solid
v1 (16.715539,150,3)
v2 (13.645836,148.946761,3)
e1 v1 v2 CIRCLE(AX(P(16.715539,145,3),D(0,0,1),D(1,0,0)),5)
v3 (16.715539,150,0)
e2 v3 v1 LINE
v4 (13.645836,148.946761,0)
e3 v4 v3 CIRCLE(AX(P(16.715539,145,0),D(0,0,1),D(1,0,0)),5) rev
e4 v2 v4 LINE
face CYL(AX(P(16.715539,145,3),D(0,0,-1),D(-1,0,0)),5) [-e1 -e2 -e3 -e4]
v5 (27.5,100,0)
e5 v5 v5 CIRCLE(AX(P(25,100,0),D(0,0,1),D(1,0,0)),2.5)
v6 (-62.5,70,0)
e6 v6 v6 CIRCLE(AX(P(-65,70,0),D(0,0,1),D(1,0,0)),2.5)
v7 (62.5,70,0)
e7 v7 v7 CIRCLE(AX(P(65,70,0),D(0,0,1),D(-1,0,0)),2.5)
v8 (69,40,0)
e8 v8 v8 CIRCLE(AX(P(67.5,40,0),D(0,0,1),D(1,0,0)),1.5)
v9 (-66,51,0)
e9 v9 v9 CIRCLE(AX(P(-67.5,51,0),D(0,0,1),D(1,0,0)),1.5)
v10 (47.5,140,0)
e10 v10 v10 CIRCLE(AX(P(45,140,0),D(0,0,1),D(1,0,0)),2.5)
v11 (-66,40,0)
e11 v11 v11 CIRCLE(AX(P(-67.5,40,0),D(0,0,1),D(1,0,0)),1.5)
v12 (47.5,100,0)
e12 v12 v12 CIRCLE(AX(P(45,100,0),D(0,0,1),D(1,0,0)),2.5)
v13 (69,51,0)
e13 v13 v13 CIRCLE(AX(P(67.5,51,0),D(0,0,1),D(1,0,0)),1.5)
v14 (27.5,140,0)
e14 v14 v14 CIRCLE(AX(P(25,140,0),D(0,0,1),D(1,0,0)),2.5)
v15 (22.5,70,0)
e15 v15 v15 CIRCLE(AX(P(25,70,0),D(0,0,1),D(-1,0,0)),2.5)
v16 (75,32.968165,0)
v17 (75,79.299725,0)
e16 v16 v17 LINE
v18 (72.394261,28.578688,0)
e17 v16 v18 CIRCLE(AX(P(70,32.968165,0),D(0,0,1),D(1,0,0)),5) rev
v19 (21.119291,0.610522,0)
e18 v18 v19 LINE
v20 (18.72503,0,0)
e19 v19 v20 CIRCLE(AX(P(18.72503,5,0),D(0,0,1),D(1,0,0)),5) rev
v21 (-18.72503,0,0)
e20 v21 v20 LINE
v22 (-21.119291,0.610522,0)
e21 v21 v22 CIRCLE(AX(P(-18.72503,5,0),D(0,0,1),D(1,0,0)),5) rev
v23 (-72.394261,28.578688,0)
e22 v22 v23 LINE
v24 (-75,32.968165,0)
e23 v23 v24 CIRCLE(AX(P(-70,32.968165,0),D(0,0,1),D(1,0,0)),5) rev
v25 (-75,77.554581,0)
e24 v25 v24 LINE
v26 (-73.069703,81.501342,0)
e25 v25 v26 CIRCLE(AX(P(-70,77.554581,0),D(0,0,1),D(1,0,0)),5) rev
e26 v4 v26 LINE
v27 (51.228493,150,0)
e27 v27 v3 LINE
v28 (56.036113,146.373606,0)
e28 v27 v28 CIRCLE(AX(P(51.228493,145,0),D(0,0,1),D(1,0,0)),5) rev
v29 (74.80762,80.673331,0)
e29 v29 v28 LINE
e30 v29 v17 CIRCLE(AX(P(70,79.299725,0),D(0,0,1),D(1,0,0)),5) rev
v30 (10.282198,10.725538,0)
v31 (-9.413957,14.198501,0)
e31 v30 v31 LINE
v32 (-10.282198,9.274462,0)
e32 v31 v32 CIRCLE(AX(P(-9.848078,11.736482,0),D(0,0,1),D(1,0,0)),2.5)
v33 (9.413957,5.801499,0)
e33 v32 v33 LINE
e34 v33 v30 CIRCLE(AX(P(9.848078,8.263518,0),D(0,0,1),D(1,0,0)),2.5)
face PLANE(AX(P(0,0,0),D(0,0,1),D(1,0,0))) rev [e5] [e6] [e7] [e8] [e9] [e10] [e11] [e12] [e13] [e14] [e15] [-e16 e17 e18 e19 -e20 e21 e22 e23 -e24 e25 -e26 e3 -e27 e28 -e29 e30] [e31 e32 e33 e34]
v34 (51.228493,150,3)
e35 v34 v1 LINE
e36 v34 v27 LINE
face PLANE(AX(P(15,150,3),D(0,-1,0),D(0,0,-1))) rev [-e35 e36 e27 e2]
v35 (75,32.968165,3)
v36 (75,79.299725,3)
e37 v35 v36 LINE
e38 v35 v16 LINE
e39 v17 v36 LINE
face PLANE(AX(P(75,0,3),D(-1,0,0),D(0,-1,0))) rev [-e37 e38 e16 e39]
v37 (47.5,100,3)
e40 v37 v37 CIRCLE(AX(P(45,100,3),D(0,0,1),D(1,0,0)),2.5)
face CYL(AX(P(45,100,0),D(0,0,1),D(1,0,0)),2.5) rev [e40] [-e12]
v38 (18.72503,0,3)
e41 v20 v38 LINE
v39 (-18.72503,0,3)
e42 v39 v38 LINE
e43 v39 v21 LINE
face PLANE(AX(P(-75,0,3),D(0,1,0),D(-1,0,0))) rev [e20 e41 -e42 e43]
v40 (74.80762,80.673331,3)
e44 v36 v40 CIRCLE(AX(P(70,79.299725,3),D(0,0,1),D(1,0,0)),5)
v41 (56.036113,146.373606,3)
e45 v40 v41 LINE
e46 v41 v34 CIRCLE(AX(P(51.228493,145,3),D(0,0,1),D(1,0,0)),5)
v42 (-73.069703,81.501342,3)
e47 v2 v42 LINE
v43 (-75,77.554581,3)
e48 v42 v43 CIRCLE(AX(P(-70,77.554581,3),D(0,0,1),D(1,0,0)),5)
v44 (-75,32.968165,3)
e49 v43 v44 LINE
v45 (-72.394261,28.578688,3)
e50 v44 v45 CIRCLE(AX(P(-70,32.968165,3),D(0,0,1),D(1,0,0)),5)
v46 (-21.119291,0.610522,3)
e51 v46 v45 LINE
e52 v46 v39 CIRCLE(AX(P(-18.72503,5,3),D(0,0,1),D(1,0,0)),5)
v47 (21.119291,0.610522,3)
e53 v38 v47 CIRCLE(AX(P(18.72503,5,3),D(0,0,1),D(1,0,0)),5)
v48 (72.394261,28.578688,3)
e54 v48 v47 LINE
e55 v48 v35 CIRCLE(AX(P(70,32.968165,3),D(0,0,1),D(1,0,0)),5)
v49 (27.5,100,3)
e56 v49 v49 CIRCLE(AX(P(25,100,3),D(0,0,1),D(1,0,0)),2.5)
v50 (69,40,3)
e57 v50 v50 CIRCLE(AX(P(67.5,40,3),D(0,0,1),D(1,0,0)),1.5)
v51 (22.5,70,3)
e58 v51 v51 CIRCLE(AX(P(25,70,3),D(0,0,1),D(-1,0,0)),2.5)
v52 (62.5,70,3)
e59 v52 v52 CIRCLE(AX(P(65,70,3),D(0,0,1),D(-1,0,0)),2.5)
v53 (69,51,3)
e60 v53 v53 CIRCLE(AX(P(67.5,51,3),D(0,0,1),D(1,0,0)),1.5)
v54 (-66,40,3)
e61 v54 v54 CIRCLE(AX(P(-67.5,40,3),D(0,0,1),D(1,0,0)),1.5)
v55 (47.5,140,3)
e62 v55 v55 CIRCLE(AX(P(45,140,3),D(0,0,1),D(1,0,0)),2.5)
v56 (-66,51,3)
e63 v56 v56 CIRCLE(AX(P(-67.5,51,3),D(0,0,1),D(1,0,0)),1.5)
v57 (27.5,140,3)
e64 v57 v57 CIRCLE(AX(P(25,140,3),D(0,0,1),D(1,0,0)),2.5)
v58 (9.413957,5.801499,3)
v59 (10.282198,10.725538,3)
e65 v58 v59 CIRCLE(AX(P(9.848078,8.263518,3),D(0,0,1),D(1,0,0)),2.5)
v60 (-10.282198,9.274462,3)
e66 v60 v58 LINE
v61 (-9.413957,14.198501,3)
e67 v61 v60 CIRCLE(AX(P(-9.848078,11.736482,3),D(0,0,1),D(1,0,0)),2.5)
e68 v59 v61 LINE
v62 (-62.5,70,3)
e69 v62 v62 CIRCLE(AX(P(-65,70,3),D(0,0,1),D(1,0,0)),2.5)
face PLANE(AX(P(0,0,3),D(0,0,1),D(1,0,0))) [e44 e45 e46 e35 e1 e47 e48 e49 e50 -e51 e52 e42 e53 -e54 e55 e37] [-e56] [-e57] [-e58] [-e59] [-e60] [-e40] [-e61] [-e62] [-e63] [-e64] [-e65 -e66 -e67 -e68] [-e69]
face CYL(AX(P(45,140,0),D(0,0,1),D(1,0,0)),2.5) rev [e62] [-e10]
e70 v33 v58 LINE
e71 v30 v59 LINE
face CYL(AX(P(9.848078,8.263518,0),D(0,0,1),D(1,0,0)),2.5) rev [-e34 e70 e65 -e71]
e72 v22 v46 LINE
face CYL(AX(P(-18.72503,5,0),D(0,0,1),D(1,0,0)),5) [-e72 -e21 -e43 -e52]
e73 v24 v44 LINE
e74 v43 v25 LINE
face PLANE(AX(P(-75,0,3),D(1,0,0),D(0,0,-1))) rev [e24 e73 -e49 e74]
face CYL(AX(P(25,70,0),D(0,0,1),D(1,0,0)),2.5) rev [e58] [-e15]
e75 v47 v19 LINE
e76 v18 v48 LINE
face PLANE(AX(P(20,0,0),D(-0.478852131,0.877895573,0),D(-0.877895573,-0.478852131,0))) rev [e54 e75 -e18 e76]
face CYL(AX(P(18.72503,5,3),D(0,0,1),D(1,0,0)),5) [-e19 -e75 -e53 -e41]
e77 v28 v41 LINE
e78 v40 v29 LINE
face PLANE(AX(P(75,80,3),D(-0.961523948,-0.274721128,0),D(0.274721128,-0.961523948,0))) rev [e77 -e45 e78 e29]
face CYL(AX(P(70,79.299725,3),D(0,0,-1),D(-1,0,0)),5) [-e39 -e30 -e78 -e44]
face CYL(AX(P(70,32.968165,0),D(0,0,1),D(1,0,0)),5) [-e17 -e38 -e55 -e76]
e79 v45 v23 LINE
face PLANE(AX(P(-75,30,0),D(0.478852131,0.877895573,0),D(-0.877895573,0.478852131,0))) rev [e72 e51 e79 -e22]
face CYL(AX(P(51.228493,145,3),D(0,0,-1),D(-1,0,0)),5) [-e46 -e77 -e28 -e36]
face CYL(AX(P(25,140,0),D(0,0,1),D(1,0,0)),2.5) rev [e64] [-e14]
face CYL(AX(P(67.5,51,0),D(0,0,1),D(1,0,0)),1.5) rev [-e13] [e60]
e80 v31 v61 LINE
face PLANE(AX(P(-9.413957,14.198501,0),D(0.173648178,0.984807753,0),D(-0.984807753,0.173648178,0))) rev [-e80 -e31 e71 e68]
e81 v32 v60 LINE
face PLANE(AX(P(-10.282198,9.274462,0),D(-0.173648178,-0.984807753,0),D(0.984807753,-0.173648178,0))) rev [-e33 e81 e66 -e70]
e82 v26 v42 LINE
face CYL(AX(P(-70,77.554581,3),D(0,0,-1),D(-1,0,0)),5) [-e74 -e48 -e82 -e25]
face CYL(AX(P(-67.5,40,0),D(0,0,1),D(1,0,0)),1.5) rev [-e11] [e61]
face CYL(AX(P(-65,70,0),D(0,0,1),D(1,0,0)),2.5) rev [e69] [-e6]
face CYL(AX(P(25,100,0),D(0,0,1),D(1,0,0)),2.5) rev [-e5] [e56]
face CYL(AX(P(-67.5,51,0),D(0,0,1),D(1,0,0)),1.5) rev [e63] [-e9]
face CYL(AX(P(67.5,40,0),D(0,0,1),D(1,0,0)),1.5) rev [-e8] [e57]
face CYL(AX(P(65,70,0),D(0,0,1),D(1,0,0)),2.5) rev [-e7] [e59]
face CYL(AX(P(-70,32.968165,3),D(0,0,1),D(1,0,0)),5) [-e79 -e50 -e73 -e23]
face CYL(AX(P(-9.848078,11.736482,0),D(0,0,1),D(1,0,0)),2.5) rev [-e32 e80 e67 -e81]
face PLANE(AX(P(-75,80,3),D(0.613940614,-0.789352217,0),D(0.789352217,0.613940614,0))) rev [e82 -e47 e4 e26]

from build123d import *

# Parameters (mm, degrees)
BOSS_EXTRUDE1_DEPTH  = 3
SKETCH2_R            = 2.5
SKETCH2_R_2          = 1.5
CUT_EXTRUDE1_DEPTH   = 4
SKETCH3_R            = 2.5
CUT_EXTRUDE2_DEPTH   = 4
LPATTERN1_COUNT      = 2
LPATTERN1_PITCH      = 20
LPATTERN1_COUNT_DIR2 = 2
LPATTERN1_PITCH_DIR2 = 40
CUT_EXTRUDE3_DEPTH   = 4
FILLET1_R            = 5


with BuildPart() as part:
    # Sketch1 → Boss-Extrude1 (new body)
    with BuildSketch(Plane.XY):
        Polygon((-75, 0), (-75, 80), (15, 150), (55, 150), (75, 80), (75, 0), align=None)
    extrude(amount=BOSS_EXTRUDE1_DEPTH)

    # Sketch2 → Cut-Extrude1 (cut, through all)
    with BuildSketch(Plane.XY.offset(3)):
        with Locations((-65, 70)):
            Circle(SKETCH2_R)
        with Locations((65, 70)):
            Circle(SKETCH2_R)
        with Locations((67.5, 51)):
            Circle(SKETCH2_R_2)
        with Locations((25, 70)):
            Circle(SKETCH2_R)
        with Locations((67.5, 40)):
            Circle(SKETCH2_R_2)
        with Locations((-67.5, 51)):
            Circle(SKETCH2_R_2)
        with Locations((-67.5, 40)):
            Circle(SKETCH2_R_2)
        with BuildLine():
            Line((-9.413957086, 14.198501159), (10.282197974, 10.725537606))
            ThreePointArc((10.282197974, 10.725537606), (12.310096913, 7.829397779), (9.413957086, 5.801498841))
            Line((9.413957086, 5.801498841), (-10.282197974, 9.274462394))
            ThreePointArc((-10.282197974, 9.274462394), (-12.310096913, 12.170602221), (-9.413957086, 14.198501159))
        make_face()
    extrude(amount=-CUT_EXTRUDE1_DEPTH, mode=Mode.SUBTRACT)

    # Sketch3 → Cut-Extrude2 (cut, through all)
    with BuildSketch(Plane.XY.offset(3)):
        with Locations((45, 140)):
            Circle(SKETCH3_R)
    cut_extrude2 = extrude(amount=-CUT_EXTRUDE2_DEPTH, mode=Mode.SUBTRACT)

    # LPattern1: Cut-Extrude2 2 × 2
    with Locations(*[(-i * LPATTERN1_PITCH, -j * LPATTERN1_PITCH_DIR2, 0) for i in range(LPATTERN1_COUNT) for j in range(LPATTERN1_COUNT_DIR2) if (i, j) != (0, 0)]):
        add(cut_extrude2, mode=Mode.SUBTRACT)

    # Sketch4 → Cut-Extrude3 (cut, through all)
    with BuildSketch(Plane.XY.offset(3)):
        Polygon((-75, 30), (-20, 0), (-75, 0), align=None)
        Polygon((20, 0), (75, 30), (75, 0), align=None)
    extrude(amount=-CUT_EXTRUDE3_DEPTH, mode=Mode.SUBTRACT)

    # Fillet1
    fillet1_edges = [part.edges().sort_by_distance(p)[0] for p in [
        (55, 150, 1.5),
        (75, 80, 1.5),
        (-75, 80, 1.5),
        (15, 150, 1.5),
        (-75, 30, 1.5),
        (-20, 0, 1.5),
        (20, 0, 1.5),
        (75, 30, 1.5),
    ]]
    fillet(fillet1_edges, radius=FILLET1_R)


solid = part.part
